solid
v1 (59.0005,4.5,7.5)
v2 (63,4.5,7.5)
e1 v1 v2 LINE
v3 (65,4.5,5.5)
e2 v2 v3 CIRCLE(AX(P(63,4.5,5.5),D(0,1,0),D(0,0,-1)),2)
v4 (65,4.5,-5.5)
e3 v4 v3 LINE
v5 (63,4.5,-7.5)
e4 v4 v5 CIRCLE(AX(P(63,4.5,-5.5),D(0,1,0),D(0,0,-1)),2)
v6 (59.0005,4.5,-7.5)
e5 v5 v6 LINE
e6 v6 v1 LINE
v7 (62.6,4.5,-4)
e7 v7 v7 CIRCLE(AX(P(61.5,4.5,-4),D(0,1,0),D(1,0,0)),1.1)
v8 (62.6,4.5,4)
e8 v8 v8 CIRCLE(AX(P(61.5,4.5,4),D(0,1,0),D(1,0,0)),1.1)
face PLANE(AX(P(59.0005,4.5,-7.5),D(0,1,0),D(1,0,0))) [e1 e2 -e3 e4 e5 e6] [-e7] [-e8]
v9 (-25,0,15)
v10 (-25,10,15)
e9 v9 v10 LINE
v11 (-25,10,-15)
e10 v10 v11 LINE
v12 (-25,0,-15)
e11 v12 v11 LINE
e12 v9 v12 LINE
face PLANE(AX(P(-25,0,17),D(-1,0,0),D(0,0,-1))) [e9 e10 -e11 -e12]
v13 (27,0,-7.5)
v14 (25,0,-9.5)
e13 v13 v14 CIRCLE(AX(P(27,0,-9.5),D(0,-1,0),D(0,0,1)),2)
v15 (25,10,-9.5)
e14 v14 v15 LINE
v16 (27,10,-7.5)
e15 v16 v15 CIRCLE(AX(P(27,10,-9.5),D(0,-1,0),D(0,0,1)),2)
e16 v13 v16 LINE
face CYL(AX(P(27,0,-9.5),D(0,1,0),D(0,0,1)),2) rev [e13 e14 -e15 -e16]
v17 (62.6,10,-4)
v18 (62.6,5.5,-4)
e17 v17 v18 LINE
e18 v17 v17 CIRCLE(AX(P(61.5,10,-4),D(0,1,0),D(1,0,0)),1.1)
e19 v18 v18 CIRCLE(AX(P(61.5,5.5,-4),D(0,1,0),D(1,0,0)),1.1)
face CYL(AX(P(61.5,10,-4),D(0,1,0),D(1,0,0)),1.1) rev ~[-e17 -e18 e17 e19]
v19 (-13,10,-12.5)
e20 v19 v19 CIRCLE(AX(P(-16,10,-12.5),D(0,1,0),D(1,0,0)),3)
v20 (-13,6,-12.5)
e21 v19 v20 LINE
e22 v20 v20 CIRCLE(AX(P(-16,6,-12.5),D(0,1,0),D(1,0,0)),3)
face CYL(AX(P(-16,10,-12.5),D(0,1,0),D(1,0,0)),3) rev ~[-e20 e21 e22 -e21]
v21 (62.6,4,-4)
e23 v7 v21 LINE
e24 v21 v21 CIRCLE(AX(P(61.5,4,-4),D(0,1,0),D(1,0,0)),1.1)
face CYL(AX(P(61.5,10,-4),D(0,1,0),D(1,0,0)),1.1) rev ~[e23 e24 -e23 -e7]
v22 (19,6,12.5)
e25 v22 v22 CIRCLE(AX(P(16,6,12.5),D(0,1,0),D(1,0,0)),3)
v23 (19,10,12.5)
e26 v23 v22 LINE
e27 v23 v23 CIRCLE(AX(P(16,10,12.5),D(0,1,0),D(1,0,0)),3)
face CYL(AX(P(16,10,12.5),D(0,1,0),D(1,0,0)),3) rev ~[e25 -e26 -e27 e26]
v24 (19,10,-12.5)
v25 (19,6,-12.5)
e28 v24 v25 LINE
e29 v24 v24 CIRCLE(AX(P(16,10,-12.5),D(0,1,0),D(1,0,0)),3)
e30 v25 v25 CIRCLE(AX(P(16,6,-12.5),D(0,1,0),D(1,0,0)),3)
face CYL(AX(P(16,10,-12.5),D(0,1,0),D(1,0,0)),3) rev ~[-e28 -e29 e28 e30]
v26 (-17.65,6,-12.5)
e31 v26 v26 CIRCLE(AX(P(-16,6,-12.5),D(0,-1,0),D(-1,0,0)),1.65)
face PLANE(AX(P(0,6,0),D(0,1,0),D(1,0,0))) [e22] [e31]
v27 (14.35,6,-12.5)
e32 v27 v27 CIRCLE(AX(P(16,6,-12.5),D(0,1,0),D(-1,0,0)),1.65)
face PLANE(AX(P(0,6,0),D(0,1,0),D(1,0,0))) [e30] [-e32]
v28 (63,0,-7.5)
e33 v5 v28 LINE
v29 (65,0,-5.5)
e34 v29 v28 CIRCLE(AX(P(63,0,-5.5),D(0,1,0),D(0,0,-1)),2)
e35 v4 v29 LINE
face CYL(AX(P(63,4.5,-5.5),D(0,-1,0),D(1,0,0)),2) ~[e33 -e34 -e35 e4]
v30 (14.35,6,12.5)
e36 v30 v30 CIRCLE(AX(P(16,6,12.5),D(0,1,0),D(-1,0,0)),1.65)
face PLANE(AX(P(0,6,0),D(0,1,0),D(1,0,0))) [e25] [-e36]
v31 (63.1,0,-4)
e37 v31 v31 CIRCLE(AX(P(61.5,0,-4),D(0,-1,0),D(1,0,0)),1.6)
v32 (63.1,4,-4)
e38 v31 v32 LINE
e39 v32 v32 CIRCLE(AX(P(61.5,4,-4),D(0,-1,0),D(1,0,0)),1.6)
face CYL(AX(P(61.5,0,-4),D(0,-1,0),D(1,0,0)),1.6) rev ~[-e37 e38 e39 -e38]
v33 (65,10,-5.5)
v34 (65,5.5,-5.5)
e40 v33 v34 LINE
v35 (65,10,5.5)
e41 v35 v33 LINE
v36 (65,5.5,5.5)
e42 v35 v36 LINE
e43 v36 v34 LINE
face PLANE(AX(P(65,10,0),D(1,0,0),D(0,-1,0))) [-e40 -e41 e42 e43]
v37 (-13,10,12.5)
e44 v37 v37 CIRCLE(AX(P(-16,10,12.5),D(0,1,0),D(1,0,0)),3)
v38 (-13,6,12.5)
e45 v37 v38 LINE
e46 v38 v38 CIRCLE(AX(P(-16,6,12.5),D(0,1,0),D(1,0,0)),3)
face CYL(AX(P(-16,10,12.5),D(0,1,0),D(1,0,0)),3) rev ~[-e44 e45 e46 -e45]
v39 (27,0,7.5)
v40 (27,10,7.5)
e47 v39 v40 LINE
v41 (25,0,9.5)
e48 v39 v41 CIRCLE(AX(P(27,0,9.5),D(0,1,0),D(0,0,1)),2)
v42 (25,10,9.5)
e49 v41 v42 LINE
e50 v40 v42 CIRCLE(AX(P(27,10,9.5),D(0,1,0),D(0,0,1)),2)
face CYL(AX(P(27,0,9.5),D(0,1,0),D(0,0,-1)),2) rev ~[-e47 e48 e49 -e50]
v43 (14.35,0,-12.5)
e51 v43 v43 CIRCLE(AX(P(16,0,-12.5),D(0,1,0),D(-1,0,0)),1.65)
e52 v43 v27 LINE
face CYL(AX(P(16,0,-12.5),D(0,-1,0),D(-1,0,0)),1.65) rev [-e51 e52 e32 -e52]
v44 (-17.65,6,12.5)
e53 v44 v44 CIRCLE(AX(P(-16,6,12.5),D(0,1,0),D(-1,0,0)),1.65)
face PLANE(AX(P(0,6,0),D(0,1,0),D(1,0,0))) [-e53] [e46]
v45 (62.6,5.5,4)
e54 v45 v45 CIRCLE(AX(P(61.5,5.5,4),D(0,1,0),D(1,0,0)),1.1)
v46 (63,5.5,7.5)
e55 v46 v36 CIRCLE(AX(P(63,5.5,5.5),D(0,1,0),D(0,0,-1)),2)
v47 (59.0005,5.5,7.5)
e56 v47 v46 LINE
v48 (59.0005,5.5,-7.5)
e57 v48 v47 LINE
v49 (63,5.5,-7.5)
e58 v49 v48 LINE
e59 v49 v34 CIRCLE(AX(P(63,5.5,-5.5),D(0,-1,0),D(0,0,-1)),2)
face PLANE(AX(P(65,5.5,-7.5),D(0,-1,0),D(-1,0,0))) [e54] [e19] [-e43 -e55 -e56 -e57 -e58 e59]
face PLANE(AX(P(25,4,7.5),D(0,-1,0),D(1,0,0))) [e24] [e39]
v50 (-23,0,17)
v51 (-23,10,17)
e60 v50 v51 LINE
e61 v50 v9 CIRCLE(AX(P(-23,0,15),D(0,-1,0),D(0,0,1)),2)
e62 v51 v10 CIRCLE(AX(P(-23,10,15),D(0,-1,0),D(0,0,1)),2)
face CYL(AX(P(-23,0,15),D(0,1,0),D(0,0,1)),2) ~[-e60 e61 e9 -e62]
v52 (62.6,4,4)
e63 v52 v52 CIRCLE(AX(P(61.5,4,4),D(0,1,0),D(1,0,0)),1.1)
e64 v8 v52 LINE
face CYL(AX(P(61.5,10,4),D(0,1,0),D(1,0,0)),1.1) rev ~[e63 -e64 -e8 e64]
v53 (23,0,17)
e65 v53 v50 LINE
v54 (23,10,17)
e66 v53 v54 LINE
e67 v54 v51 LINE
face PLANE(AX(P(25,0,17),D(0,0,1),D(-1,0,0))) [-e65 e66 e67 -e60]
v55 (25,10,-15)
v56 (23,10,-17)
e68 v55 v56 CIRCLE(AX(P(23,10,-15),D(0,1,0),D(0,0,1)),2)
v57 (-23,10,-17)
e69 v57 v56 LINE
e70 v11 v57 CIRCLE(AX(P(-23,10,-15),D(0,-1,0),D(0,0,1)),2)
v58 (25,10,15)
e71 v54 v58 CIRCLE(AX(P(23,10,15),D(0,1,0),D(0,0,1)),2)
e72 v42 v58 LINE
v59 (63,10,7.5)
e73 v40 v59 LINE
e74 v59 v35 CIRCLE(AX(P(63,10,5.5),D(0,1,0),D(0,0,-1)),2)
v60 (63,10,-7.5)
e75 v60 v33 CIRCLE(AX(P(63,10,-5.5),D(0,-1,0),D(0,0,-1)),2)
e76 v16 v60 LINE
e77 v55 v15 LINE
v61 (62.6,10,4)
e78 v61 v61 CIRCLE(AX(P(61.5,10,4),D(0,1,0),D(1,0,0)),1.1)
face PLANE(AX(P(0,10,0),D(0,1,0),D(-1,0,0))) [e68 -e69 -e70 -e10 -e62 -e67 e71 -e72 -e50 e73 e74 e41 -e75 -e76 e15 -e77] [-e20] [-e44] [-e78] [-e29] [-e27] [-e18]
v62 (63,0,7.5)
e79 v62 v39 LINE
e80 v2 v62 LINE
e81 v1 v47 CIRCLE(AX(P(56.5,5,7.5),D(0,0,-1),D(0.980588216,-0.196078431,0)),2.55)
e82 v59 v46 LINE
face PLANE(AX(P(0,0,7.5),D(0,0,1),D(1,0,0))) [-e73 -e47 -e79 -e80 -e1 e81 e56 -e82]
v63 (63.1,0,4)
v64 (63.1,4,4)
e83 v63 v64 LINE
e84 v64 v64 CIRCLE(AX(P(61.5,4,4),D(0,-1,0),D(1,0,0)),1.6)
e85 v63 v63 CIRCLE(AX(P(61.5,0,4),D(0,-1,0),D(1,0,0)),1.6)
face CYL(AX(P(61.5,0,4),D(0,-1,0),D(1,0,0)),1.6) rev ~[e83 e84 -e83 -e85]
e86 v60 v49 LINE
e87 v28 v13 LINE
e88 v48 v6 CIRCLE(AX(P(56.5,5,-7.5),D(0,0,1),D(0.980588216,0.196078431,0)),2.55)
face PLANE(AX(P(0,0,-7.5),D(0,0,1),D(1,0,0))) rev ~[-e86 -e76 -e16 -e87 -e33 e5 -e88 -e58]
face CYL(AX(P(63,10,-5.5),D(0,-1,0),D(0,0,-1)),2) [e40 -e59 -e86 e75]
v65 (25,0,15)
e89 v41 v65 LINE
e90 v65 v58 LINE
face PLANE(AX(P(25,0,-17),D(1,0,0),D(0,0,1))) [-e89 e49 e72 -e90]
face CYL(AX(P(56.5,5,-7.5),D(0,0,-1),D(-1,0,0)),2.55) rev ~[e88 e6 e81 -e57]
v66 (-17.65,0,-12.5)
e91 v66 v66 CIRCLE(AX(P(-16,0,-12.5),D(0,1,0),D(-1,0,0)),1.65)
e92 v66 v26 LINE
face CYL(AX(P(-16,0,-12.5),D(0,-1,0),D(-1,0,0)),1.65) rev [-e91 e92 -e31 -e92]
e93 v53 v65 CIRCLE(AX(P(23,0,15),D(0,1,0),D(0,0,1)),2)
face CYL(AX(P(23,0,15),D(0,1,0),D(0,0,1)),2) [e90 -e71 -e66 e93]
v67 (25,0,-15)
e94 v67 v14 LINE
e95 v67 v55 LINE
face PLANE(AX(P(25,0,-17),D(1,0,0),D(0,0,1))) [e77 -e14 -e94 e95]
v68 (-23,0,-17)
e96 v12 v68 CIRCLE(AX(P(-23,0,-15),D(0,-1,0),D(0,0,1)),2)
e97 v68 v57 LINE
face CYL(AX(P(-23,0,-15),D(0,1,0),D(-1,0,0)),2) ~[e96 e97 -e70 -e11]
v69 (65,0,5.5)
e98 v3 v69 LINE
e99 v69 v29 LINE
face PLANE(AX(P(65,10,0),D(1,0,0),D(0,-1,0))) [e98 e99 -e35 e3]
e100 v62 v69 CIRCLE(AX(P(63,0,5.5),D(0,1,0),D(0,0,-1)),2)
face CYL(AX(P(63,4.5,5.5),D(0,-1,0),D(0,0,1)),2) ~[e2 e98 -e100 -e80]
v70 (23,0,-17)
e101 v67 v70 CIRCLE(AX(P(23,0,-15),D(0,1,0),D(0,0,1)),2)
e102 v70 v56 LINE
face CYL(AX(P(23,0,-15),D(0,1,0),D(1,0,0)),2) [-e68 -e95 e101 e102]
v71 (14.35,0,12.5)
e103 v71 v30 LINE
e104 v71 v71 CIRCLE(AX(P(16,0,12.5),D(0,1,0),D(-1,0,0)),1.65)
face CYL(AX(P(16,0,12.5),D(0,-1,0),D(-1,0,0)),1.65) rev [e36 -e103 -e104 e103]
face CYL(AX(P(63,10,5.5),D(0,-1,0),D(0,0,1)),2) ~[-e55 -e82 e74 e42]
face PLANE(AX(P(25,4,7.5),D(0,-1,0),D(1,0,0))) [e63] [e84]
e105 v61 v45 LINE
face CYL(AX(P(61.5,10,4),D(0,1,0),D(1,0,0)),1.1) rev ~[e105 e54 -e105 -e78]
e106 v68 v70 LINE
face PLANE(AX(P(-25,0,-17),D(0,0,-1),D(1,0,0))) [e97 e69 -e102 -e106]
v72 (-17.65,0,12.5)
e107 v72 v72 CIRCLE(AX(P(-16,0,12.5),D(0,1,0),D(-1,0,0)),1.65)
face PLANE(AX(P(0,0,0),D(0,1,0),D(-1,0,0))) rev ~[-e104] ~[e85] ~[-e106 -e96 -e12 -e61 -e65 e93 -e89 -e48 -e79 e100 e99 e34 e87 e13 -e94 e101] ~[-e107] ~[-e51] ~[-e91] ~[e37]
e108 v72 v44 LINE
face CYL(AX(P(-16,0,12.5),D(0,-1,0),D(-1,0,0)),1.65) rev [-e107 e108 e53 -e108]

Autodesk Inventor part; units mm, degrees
ref_plane "YZ Plane" through (0, 0, 0) normal (1, 0, 0) x (0, 1, 0)
ref_plane "XZ Plane" through (0, 0, 0) normal (0, 1, 0) x (-1, 0, 0)
ref_plane "XY Plane" through (0, 0, 0) normal (0, 0, 1) x (1, 0, 0)
sketch "Sketch1" plane through (0, 0, 0) normal (0, 1, 0) x (-1, 0, 0)
  line L0 (-16, 12.5) -> (16, 12.5) construction
  line L1 (16, 12.5) -> (16, -12.5) construction
  line L2 (16, -12.5) -> (-16, -12.5) construction
  line L3 (-16, -12.5) -> (-16, 12.5) construction
  line L4 (-16, 12.5) -> (16, -12.5) construction
  line L5 (16, 12.5) -> (-16, -12.5) construction
  circle A0 centre (16, 12.5) radius 1.65
  circle A1 centre (16, -12.5) radius 1.65
  circle A2 centre (-16, -12.5) radius 1.65
  circle A3 centre (-16, 12.5) radius 1.65
  line L6 (-25, 17) -> (25, 17)
  line L7 (25, 17) -> (25, -17)
  line L8 (25, -17) -> (-25, -17)
  line L9 (-25, -17) -> (-25, 17)
  line L10 (-25, 17) -> (25, -17) construction
  line L11 (25, 17) -> (-25, -17) construction
  point P0 (0, 0)
  dimension "d0" = 32
  dimension "d1" = 25
  dimension "d2" = 3.3
  dimension "d3" = 3.3
  dimension "d4" = 3.3
  dimension "d5" = 3.3
  dimension "d6" = 50
  dimension "d7" = 34
extrude "Extrusion1" add sketch "Sketch1" along normal blind 10
sketch "Sketch2" plane through (0, 10, 0) normal (0, 1, 0) x (1, 0, 0)
  line L0 (-24, -7.5) -> (-12, -7.5)
  line L1 (-12, -7.5) -> (-12, 7.5)
  line L2 (-12, 7.5) -> (-24, 7.5)
  line L3 (-24, 7.5) -> (-24, -7.5)
  line L4 (-24, -7.5) -> (-12, 7.5) construction
  line L5 (-12, -7.5) -> (-24, 7.5) construction
  circle A0 centre (-16, -12.5) radius 1.65 projected
  circle A1 centre (-16, -12.5) radius 3 construction
  point P0 (0, 0)
  point P1 (-18, 0)
  dimension "d10" = 18
  dimension "d11" = 15
  dimension "d12" = 6
  dimension "d13" = 12
extrude "Extrusion2" [suppressed]
sketch "Sketch5" plane through (0, 0, 0) normal (0, 0, 1) x (1, 0, 0)
  line L0 (25, 10) -> (-25, 10) projected
  line L1 (-21.2587, 10) -> (-11, 10)
  line L2 (-11, 10) -> (-11, 19.7515)
  line L3 (-11, 19.7515) -> (-17.6064, 31.6553)
  line L4 (-17.6064, 31.6553) -> (-28.0988, 25.8321)
  line L5 (-28.0988, 25.8321) -> (-21.2587, 13.5072)
  line L6 (-21.2587, 13.5072) -> (-21.2587, 10)
  circle A0 centre (-18, 20) radius 2.6308
  line L7 (-25, 0) -> (-25, 10) projected
  point P0 (0, 0)
  dimension "d22" = 7
  dimension "d23" = 10
  dimension "d24" = 7
  dimension "d26" = 6
  dimension "d27" = 6
  dimension "d28" = 10
extrude "Extrusion4" [suppressed]
sketch "Sketch6" plane through (-17.6064, 27.6553, 6) normal (0.8744, 0.4853, 0) x (0, 0, -1)
  circle A0 centre (3, -3) radius 1.1
  line L0 (12, 0) -> (0, 0) projected
  line L1 (0, -13.6141) -> (0, 0) projected
  line L2 (6, 0) -> (6, -13.6141) construction
  line L3 (12, -13.6141) -> (0, -13.6141) projected
  circle A1 centre (9, -3) radius 1.1
  point P0 (6, -32.7246)
  dimension "d31" = 3
  dimension "d32" = 3
  dimension "d38" = 2.2
extrude "Extrusion5" [suppressed]
sketch "Sketch7" plane through (0, 0, 6) normal (0, 0, 1) x (1, 0, 0)
  line L0 (-28.2228, 33.3896) -> (-18.3568, 15.6125)
  line L1 (-18.3568, 15.6125) -> (-17.4824, 16.0978)
  line L2 (-17.4824, 16.0978) -> (-27.3485, 33.8749)
  line L3 (-27.3485, 33.8749) -> (-28.2228, 33.3896)
  line L4 (-17.6064, 27.6553) -> (-28.0988, 21.8321) projected
  line L5 (-28.2228, 33.3896) -> (-17.4824, 16.0978) construction
  line L6 (-18.3568, 15.6125) -> (-27.3485, 33.8749) construction
  point P0 (0, 0)
  point P1 (-22.8526, 24.7437)
  dimension "d35" = 1
extrude "Extrusion6" [suppressed]
sketch "Sketch8" plane through (-21.2587, 9.5072, -6) normal (-0.8744, -0.4853, 0) x (0, 0, 1)
  circle A0 centre (9, 11.0958) radius 1.1 projected
  circle A1 centre (9, 11.0958) radius 1.65
  circle A2 centre (3, 11.0958) radius 1.1 projected
  circle A3 centre (3, 11.0958) radius 1.65
  point P0 (6, -18.6288)
  dimension "d39" = 3.3
  dimension "d40" = 3.3
extrude "Extrusion7" [suppressed]
fillet "Fillet1" [suppressed]
chamfer "Chamfer1" [suppressed]
sketch "Sketch9" plane through (0, 10, 0) normal (0, 1, 0) x (1, 0, 0)
  circle A0 centre (-16, 12.5) radius 1.65 projected
  circle A1 centre (-16, 12.5) radius 3
  circle A2 centre (16, 12.5) radius 1.65 projected
  circle A3 centre (16, 12.5) radius 3
  circle A4 centre (16, -12.5) radius 1.65 projected
  circle A5 centre (16, -12.5) radius 3
  circle A6 centre (-16, -12.5) radius 1.65 projected
  circle A7 centre (-16, -12.5) radius 3
  point P0 (0, 0)
  dimension "d47" = 6
  dimension "d48" = 6
  dimension "d49" = 6
  dimension "d50" = 6
extrude "Extrusion8" cut sketch "Sketch9" against normal blind 4 contours A0 | A1 | A3 | A5 | A7
fillet "Fillet2" radius 2 4 edges at (25, 5, 17) (25, 5, -17) (-25, 5, 17) (-25, 5, -17)
sketch "Sketch11" plane through (0, 0, 0) normal (0, 0, 1) x (1, 0, 0)
  line L0 (25, 10) -> (-25, 10) projected
  line L1 (25, 10) -> (65, 10)
  line L2 (65, 10) -> (65, 0)
  line L3 (65, 0) -> (25, 0)
  line L4 (25, 0) -> (25, 10)
  point P0 (0, 0)
  dimension "d54" = 40
  dimension "d55" = 10
extrude "Extrusion9" add sketch "Sketch11" along normal mid plane 15
sketch "Sketch12" plane through (0, 0, -7.5) normal (0, 0, -1) x (-1, 0, 0)
  line L0 (-65, 10) -> (-65, 0) projected
  line L1 (-65, 5) -> (-56.5, 5) construction
  circle A0 centre (-56.5, 5) radius 2.55
  line L2 (-67.1062, 5.5) -> (-57.7546, 5.5)
  line L3 (-57.7546, 5.5) -> (-57.7546, 4.5)
  line L4 (-57.7546, 4.5) -> (-67.1062, 4.5)
  line L5 (-67.1062, 4.5) -> (-67.1062, 5.5)
  line L6 (-67.1062, 5.5) -> (-57.7546, 4.5) construction
  line L7 (-57.7546, 5.5) -> (-67.1062, 4.5) construction
  point P0 (0, 0)
  point P1 (-62.4304, 5)
  point P2 (-59.0005, 4.5)
  point P3 (-59.0005, 5.5)
  dimension "d58" = 5.1
  dimension "d59" = 8.5
  dimension "d67" = 1
extrude "Extrusion10" cut sketch "Sketch12" against normal blind 15
sketch "Sketch13" plane through (0, 10, 0) normal (0, 1, 0) x (1, 0, 0)
  circle A0 centre (61.5, 4) radius 1.1
  line L0 (25, 7.5) -> (65, 7.5) projected
  line L1 (65, 7.5) -> (65, -7.5) projected
  line L2 (65, 7.5) -> (65, -7.5) projected
  line L3 (65, 0) -> (0, 0) construction
  circle A1 centre (61.5, -4) radius 1.1
  dimension "d62" = 3.5
  dimension "d63" = 3.5
  dimension "d64" = 2.2
extrude "Extrusion11" cut sketch "Sketch13" against normal blind 10.25
sketch "Sketch14" plane through (25, 0, 7.5) normal (0, -1, 0) x (1, 0, 0)
  circle A0 centre (36.5, -3.5) radius 1.1 projected
  circle A1 centre (36.5, -3.5) radius 1.6
  circle A2 centre (36.5, -11.5) radius 1.1 projected
  circle A3 centre (36.5, -11.5) radius 1.6
  point P0 (-25, -7.5)
  dimension "d68" = 3.2
  dimension "d69" = 3.2
extrude "Extrusion12" cut sketch "Sketch14" against normal blind 4 contours A0 | A1 | A2 | A3
fillet "Fillet3" radius 2 4 edges at (65, 7.75, -7.5) (65, 2.25, -7.5) (65, 2.25, 7.5) (65, 7.75, 7.5)
fillet "Fillet4" radius 2 2 edges at (25, 5, -7.5) (25, 5, 7.5)
equation "\"d3\" = d2"
equation "\"d4\" = d2"
equation "\"d5\" = d2"
equation "\"d48\" = d47"
equation "\"d49\" = d47"
equation "\"d50\" = d47"
equation "\"d69\" = d68"
properties part number "Puller"
